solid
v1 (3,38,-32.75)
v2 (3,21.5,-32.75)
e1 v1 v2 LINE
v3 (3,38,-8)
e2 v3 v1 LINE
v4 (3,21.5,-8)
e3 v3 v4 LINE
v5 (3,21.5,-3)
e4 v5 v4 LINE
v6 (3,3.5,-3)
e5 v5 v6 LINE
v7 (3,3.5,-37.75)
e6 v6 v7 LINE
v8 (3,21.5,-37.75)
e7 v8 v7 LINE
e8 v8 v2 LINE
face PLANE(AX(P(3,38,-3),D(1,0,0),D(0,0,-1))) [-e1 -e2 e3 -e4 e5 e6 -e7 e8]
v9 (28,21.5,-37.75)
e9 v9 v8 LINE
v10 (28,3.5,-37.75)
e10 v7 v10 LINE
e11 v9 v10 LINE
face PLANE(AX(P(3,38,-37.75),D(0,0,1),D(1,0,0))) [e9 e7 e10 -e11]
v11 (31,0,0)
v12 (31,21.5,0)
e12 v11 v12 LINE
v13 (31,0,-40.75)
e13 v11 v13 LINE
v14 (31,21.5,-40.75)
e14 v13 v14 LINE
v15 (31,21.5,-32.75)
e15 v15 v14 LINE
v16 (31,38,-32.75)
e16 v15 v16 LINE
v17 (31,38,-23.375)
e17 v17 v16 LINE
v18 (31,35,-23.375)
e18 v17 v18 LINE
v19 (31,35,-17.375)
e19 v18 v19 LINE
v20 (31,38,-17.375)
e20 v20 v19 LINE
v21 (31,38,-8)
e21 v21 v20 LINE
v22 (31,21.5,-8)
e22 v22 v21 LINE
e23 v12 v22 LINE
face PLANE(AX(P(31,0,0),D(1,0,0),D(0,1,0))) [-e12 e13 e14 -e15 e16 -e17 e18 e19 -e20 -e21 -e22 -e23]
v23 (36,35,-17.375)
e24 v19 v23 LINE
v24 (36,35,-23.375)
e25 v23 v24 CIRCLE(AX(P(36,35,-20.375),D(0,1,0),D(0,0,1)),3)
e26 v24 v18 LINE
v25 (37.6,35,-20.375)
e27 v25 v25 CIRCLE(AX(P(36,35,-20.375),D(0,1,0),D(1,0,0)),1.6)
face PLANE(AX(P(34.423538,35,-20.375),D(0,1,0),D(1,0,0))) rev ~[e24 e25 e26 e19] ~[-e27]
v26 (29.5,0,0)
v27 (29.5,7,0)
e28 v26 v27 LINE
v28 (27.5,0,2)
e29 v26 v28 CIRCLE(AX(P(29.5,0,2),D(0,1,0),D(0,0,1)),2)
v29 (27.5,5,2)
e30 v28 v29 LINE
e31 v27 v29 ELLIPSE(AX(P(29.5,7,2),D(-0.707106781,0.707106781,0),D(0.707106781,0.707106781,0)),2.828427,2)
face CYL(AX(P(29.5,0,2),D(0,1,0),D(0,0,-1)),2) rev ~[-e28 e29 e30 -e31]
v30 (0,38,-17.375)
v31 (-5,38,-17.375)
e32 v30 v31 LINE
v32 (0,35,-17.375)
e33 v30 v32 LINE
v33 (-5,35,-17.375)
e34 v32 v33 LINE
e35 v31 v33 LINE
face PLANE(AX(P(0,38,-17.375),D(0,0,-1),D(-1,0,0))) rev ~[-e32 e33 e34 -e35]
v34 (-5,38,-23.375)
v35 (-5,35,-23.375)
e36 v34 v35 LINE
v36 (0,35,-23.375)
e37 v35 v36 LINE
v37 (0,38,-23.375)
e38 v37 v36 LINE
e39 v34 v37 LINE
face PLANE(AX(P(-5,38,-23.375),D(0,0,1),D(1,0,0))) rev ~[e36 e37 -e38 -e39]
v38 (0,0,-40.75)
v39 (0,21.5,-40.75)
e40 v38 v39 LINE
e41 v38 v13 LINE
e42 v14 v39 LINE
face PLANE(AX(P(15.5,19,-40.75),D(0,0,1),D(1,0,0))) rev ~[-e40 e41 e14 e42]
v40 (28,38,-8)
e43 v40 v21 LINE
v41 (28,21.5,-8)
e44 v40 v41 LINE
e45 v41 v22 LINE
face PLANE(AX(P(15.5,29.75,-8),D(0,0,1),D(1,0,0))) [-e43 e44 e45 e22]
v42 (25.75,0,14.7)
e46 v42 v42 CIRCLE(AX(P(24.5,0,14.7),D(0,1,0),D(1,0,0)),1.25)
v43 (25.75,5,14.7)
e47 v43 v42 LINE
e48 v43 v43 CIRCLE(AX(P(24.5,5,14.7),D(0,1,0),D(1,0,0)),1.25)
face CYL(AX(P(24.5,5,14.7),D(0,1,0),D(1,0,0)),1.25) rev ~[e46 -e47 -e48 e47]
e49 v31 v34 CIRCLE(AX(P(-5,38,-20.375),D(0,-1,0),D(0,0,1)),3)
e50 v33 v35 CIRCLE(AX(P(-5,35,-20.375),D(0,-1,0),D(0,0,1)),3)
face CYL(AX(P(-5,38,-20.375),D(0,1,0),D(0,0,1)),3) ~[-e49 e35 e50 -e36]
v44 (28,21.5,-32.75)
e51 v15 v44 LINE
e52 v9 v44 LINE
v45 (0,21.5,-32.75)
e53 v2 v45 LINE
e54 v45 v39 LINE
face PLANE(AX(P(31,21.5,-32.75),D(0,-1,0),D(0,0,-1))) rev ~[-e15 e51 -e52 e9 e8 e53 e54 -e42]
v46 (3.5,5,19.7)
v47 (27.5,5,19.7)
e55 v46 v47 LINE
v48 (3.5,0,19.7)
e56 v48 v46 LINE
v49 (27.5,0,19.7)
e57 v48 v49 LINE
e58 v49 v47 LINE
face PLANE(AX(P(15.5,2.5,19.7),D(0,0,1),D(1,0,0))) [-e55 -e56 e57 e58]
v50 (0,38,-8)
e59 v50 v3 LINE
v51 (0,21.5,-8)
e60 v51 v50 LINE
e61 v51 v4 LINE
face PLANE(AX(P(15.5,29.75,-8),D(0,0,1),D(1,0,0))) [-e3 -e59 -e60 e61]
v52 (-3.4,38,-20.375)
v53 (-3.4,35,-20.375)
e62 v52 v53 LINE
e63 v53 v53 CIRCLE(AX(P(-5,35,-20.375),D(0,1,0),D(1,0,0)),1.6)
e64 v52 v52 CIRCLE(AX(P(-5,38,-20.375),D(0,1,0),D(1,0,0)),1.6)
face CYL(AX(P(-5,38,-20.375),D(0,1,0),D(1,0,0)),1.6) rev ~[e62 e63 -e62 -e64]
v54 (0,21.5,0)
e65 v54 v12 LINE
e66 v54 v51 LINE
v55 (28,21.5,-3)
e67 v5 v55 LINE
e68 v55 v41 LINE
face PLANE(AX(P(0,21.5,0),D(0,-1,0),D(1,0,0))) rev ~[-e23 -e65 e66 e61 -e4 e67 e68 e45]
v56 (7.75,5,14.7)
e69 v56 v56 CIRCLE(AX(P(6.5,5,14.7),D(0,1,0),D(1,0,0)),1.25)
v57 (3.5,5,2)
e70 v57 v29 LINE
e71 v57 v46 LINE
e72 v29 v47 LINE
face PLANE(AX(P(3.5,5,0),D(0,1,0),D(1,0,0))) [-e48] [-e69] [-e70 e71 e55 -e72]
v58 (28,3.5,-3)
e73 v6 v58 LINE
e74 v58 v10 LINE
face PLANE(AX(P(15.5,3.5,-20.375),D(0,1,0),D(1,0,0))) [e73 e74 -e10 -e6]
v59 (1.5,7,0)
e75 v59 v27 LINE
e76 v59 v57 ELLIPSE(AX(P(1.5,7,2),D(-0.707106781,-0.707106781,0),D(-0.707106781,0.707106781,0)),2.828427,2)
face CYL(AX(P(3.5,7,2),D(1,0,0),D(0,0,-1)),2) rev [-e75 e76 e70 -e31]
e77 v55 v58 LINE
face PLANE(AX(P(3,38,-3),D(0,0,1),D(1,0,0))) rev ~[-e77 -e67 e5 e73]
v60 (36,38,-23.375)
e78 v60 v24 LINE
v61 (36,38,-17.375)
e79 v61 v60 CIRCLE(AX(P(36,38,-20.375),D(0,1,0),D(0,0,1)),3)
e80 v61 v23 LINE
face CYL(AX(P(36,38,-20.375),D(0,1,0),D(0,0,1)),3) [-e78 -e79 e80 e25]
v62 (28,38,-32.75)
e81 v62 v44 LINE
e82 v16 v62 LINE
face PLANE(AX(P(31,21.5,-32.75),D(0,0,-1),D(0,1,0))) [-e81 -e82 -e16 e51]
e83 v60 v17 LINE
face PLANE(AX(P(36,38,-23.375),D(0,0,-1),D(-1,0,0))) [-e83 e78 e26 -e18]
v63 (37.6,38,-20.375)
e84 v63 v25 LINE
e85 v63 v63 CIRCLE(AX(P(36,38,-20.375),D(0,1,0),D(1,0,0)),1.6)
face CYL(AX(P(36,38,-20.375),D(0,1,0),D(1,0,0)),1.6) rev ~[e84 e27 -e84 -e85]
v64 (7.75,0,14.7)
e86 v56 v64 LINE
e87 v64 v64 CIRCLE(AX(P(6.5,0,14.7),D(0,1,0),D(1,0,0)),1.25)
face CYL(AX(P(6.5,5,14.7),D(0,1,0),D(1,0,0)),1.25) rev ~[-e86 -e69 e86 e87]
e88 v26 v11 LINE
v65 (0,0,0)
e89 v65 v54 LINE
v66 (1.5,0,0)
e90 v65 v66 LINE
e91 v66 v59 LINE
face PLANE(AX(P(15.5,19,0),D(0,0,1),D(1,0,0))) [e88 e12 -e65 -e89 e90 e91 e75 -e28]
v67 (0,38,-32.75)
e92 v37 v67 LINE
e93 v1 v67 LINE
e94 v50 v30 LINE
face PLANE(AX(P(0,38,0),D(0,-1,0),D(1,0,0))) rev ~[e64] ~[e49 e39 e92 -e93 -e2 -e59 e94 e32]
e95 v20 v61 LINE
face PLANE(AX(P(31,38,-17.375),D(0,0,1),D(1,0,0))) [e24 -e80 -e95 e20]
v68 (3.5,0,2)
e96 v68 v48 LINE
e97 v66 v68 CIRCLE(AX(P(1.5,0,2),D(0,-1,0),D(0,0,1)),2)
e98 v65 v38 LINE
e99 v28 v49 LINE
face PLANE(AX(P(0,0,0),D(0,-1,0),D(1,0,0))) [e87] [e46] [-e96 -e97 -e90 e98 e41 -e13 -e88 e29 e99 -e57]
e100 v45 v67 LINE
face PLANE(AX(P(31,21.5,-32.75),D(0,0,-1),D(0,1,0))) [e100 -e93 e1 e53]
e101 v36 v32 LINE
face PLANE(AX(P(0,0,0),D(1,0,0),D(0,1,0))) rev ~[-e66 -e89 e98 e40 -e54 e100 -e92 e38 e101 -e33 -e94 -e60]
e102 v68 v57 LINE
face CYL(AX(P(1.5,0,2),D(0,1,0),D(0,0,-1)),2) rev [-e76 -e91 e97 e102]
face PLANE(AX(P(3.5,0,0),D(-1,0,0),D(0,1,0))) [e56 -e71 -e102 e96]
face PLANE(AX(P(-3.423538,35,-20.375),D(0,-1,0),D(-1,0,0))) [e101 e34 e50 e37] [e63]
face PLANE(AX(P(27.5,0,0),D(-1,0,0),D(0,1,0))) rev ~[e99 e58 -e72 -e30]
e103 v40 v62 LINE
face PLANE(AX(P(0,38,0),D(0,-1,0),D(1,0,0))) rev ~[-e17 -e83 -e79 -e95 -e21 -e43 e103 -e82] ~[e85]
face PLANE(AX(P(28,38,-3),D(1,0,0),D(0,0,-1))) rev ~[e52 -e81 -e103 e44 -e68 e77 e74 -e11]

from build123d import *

# Parameters (mm, degrees)
SKETCH_1_W          = 31
SKETCH_1_H          = 38
EXTRUDE_1_DEPTH     = 40.75
SKETCH_2_W          = 8
SKETCH_2_H          = 16.5
CUT_EXTRUDE_1_DEPTH = 40.75
SKETCH_3_W          = 25
SKETCH_3_H          = 34.75
CUT_EXTRUDE_2_DEPTH = 34.5
SKETCH_4_R          = 12.5
CUT_EXTRUDE_3_DEPTH = 34.5
SKETCH_5_R          = 1.6
EXTRUDE_2_DEPTH     = 3
SKETCH_6_W          = 31
SKETCH_6_H          = 16.5
CUT_EXTRUDE_4_DEPTH = 8
SKETCH_7_W          = 24
SKETCH_7_H          = 5
EXTRUDE_3_DEPTH     = 19.7
SKETCH_8_R          = 1.25
CUT_EXTRUDE_5_DEPTH = 20.7
FILLET_1_R          = 2


with BuildPart() as part:
    # 草图1 → 凸台-拉伸1 (new body)
    with BuildSketch(Plane.XY):
        with Locations((15.5, 19)):
            Rectangle(SKETCH_1_W, SKETCH_1_H)
    extrude(amount=-EXTRUDE_1_DEPTH)

    # 草图2 → 切除-拉伸1 (cut)
    with BuildSketch(Plane(origin=(31, 0, 0), x_dir=(0, 0, -1), z_dir=(1, 0, 0))):
        with Locations((36.75, 29.75)):
            Rectangle(SKETCH_2_W, SKETCH_2_H)
    extrude(amount=-CUT_EXTRUDE_1_DEPTH, mode=Mode.SUBTRACT)

    # 草图3 → 切除-拉伸2 (cut)
    with BuildSketch(Plane(origin=(0, 38, 0), x_dir=(1, 0, 0), z_dir=(0, 1, 0))):
        with Locations((15.5, 20.375)):
            Rectangle(SKETCH_3_W, SKETCH_3_H)
    extrude(amount=-CUT_EXTRUDE_2_DEPTH, mode=Mode.SUBTRACT)

    # 草图4 → 切除-拉伸3 (cut)
    with BuildSketch(Plane.XY):
        with Locations((15.5, 38)):
            Circle(SKETCH_4_R)
    extrude(amount=-CUT_EXTRUDE_3_DEPTH, mode=Mode.SUBTRACT)

    # 草图5 → 凸台-拉伸2 (add)
    with BuildSketch(Plane(origin=(0, 38, 0), x_dir=(1, 0, 0), z_dir=(0, 1, 0))):
        with BuildLine():
            Line((36, 23.375), (31, 23.375))
            Line((31, 23.375), (31, 17.375))
            Line((31, 17.375), (36, 17.375))
            ThreePointArc((36, 17.375), (39, 20.375), (36, 23.375))
        make_face()
        with Locations((36, 20.375)):
            Circle(SKETCH_5_R, mode=Mode.SUBTRACT)
        with BuildLine():
            Line((0, 23.375), (0, 17.375))
            Line((0, 17.375), (-5, 17.375))
            ThreePointArc((-5, 17.375), (-8, 20.375), (-5, 23.375))
            Line((-5, 23.375), (0, 23.375))
        make_face()
        with Locations((-5, 20.375)):
            Circle(SKETCH_5_R, mode=Mode.SUBTRACT)
    extrude(amount=-EXTRUDE_2_DEPTH)

    # 草图6 → 切除-拉伸4 (cut)
    with BuildSketch(Plane.XY):
        with Locations((15.5, 29.75)):
            Rectangle(SKETCH_6_W, SKETCH_6_H)
    extrude(amount=-CUT_EXTRUDE_4_DEPTH, mode=Mode.SUBTRACT)

    # 草图7 → 凸台-拉伸3 (add)
    with BuildSketch(Plane.XY):
        with Locations((15.5, 2.5)):
            Rectangle(SKETCH_7_W, SKETCH_7_H)
    extrude(amount=EXTRUDE_3_DEPTH)

    # 草图8 → 切除-拉伸5 (cut)
    with BuildSketch(Plane(origin=(0, 5, 0), x_dir=(1, 0, 0), z_dir=(0, 1, 0))):
        with Locations((6.5, -14.7)):
            Circle(SKETCH_8_R)
        with Locations((24.5, -14.7)):
            Circle(SKETCH_8_R)
    extrude(amount=-CUT_EXTRUDE_5_DEPTH, mode=Mode.SUBTRACT)

    # 圆角1
    fillet_1_edges = [part.edges().sort_by_distance(p)[0] for p in [
        (3.5, 2.5, 0),
        (27.5, 2.5, 0),
        (15.5, 5, 0),
    ]]
    fillet(fillet_1_edges, radius=FILLET_1_R)


solid = part.part
